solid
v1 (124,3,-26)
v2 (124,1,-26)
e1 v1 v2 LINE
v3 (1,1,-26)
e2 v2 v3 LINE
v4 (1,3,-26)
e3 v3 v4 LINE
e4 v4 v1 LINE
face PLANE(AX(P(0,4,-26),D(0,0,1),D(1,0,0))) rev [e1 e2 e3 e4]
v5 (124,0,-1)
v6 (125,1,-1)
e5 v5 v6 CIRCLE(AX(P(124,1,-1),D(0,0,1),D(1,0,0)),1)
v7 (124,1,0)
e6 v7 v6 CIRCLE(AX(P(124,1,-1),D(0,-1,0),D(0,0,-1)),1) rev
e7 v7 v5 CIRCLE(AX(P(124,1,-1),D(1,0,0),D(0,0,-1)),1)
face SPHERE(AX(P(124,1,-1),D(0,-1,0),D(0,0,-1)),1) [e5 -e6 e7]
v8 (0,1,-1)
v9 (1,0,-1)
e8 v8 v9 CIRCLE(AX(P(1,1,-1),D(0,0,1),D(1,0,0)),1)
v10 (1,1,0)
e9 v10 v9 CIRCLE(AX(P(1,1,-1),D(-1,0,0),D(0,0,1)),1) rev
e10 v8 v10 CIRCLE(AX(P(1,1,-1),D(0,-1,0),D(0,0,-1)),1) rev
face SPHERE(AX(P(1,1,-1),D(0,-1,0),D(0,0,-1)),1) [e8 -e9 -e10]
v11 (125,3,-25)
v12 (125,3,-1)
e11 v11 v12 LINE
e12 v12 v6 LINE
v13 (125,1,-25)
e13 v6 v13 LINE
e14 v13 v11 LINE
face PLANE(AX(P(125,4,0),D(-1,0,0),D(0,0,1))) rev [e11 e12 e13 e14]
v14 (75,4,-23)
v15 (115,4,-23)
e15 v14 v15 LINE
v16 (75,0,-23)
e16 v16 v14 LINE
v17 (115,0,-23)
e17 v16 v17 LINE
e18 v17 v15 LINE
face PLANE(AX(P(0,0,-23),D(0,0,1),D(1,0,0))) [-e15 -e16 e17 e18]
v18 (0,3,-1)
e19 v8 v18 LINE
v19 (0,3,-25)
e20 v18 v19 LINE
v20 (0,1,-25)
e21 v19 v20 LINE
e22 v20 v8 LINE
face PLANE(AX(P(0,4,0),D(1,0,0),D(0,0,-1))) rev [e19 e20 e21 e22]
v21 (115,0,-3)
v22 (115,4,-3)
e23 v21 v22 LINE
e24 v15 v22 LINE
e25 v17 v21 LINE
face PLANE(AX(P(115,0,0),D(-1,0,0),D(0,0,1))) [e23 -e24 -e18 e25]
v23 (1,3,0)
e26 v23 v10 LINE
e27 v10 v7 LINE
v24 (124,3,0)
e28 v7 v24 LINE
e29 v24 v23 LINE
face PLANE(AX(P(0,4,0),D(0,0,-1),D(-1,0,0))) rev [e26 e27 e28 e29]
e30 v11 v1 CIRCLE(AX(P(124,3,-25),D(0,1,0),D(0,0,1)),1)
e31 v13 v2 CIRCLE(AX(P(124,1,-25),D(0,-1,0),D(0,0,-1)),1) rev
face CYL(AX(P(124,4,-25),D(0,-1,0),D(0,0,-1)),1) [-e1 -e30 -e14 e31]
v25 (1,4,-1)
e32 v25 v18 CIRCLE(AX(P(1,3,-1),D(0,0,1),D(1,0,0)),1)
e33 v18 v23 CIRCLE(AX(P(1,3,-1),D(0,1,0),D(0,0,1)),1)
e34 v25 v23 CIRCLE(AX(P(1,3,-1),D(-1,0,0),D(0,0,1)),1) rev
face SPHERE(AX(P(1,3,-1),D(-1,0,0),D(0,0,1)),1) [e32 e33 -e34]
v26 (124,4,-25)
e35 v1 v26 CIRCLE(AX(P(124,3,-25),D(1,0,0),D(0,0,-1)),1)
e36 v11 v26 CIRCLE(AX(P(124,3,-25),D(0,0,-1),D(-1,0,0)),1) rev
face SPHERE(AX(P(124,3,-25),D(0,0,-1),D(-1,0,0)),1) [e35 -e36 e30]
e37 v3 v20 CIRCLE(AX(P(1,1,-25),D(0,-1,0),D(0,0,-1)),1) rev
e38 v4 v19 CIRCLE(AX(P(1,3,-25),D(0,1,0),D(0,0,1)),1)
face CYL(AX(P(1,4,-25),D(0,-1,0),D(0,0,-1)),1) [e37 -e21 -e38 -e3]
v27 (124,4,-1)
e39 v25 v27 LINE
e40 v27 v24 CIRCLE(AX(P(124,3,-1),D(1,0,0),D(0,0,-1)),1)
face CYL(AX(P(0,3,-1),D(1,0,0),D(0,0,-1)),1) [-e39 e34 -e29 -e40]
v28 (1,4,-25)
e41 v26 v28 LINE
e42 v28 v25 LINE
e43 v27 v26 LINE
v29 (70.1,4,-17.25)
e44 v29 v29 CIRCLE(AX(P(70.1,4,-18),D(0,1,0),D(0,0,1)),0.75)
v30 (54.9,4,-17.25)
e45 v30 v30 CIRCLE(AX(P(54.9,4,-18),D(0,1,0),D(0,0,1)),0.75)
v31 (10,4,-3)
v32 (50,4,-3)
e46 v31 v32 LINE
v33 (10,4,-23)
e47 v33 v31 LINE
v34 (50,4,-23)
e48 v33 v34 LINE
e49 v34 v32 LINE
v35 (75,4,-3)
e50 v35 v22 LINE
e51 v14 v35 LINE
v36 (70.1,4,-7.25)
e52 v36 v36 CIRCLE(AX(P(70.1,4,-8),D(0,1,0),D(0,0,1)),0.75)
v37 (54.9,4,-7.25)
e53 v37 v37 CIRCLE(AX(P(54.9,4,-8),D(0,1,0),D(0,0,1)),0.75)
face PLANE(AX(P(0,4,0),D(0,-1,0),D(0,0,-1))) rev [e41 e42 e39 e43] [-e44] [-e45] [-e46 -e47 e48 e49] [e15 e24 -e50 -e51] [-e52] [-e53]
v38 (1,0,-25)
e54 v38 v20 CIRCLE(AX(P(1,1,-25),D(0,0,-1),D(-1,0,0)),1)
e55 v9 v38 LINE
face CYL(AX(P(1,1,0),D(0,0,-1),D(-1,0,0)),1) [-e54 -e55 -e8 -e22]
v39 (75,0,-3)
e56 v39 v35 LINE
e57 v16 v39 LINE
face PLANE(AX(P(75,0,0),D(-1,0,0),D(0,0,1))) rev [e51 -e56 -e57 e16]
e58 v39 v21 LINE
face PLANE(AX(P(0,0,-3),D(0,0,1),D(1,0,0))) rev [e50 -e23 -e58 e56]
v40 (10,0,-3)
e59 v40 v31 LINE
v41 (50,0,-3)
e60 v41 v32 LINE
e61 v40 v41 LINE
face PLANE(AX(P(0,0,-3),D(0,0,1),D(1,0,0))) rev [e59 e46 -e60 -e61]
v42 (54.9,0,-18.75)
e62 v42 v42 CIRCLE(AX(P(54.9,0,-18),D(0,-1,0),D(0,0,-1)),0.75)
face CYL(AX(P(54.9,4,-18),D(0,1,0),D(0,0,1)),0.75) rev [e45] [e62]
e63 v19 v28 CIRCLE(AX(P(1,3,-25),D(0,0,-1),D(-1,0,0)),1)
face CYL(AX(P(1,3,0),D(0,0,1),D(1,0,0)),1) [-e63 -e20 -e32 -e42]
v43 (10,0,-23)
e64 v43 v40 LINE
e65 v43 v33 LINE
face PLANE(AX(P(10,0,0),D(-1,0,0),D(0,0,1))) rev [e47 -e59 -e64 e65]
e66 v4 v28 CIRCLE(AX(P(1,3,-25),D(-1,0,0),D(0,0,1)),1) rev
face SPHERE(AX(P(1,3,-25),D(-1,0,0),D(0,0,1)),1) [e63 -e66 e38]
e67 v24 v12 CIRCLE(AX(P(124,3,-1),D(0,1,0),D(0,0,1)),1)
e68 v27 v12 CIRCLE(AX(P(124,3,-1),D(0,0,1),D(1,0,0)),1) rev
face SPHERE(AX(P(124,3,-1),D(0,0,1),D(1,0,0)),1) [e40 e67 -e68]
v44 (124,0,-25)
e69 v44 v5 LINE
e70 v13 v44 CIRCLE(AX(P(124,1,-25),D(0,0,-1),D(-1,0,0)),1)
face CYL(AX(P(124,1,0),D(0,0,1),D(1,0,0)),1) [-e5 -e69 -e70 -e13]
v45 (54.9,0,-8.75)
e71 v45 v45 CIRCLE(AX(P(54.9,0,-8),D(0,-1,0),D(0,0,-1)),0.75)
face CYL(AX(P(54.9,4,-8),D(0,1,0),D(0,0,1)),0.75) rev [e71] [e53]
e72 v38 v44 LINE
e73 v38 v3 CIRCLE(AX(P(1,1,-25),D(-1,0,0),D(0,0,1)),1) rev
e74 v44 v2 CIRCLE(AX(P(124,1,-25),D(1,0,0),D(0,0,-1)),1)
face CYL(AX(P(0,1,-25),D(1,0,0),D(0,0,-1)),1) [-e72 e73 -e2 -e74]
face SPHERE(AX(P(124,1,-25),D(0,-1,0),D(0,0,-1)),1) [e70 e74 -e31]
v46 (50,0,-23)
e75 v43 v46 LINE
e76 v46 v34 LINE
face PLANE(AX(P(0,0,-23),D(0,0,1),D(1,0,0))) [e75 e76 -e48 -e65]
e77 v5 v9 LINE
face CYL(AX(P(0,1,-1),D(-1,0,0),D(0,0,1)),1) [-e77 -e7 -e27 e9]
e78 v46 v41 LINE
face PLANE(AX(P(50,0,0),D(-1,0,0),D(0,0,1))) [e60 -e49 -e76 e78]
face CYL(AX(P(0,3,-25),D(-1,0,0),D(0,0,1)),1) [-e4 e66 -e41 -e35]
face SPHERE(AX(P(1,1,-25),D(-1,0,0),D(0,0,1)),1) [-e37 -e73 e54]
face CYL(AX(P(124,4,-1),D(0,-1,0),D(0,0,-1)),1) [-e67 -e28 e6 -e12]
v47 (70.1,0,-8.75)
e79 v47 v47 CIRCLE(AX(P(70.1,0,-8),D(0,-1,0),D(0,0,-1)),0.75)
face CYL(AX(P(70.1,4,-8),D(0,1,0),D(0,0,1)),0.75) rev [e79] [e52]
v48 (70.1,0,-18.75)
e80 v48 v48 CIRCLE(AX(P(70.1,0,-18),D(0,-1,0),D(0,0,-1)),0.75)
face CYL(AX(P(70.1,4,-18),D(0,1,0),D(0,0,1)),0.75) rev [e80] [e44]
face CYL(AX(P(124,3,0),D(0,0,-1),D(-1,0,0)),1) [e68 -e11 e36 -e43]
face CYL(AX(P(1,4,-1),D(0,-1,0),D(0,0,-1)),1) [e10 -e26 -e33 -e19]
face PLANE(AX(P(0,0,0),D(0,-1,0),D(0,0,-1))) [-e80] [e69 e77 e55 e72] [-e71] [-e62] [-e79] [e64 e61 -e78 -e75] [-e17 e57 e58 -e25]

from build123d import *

# Parameters (mm, degrees)
SKETCH1_W                 = 125
SKETCH1_H                 = 26
BOSS_EXTRUDE1_DEPTH       = 4
SKETCH2_W                 = 40
SKETCH2_H                 = 20
CUT_EXTRUDE1_DEPTH        = 4
FILLET5_R                 = 1
F_1_5MM_DOWEL_HOLE1_D     = 1.5
F_1_5MM_DOWEL_HOLE1_DEPTH = 8
F_1_5MM_DOWEL_HOLE1_TIP   = 0.450645464


with BuildPart() as part:
    # Sketch1 → Boss-Extrude1 (new body)
    with BuildSketch(Plane(origin=(0, 0, 0), x_dir=(1, 0, 0), z_dir=(0, 1, 0))):
        with Locations((62.5, 13)):
            Rectangle(SKETCH1_W, SKETCH1_H)
    extrude(amount=BOSS_EXTRUDE1_DEPTH)

    # Sketch2 → Cut-Extrude1 (cut)
    with BuildSketch(Plane(origin=(0, 4, 0), x_dir=(1, 0, 0), z_dir=(0, 1, 0))):
        with Locations((30, 13)):
            Rectangle(SKETCH2_W, SKETCH2_H)
        with Locations((95, 13)):
            Rectangle(SKETCH2_W, SKETCH2_H)
    extrude(amount=-CUT_EXTRUDE1_DEPTH, mode=Mode.SUBTRACT)

    # Fillet5
    fillet5_edges = [part.edges().sort_by_distance(p)[0] for p in [
        (125, 4, -13),
        (62.5, 4, -26),
        (0, 4, -13),
        (62.5, 0, -26),
        (125, 0, -13),
        (62.5, 0, 0),
        (0, 0, -13),
        (0, 2, -26),
        (125, 2, -26),
        (125, 2, 0),
        (0, 2, 0),
        (62.5, 4, 0),
    ]]
    fillet(fillet5_edges, radius=FILLET5_R)

    # Ø1.5mm Dowel Hole1
    with Locations(Plane(origin=(0, 4, 0), x_dir=(1, 0, 0), z_dir=(0, 1, 0))):
        with Locations((54.9, 8), (54.9, 18), (70.1, 18), (70.1, 8)):
            Hole(F_1_5MM_DOWEL_HOLE1_D / 2, depth=F_1_5MM_DOWEL_HOLE1_DEPTH)
            with Locations((0, 0, -(F_1_5MM_DOWEL_HOLE1_DEPTH + F_1_5MM_DOWEL_HOLE1_TIP / 2))):  # 118° drill point
                Cone(0, F_1_5MM_DOWEL_HOLE1_D / 2, F_1_5MM_DOWEL_HOLE1_TIP, mode=Mode.SUBTRACT)


solid = part.part
